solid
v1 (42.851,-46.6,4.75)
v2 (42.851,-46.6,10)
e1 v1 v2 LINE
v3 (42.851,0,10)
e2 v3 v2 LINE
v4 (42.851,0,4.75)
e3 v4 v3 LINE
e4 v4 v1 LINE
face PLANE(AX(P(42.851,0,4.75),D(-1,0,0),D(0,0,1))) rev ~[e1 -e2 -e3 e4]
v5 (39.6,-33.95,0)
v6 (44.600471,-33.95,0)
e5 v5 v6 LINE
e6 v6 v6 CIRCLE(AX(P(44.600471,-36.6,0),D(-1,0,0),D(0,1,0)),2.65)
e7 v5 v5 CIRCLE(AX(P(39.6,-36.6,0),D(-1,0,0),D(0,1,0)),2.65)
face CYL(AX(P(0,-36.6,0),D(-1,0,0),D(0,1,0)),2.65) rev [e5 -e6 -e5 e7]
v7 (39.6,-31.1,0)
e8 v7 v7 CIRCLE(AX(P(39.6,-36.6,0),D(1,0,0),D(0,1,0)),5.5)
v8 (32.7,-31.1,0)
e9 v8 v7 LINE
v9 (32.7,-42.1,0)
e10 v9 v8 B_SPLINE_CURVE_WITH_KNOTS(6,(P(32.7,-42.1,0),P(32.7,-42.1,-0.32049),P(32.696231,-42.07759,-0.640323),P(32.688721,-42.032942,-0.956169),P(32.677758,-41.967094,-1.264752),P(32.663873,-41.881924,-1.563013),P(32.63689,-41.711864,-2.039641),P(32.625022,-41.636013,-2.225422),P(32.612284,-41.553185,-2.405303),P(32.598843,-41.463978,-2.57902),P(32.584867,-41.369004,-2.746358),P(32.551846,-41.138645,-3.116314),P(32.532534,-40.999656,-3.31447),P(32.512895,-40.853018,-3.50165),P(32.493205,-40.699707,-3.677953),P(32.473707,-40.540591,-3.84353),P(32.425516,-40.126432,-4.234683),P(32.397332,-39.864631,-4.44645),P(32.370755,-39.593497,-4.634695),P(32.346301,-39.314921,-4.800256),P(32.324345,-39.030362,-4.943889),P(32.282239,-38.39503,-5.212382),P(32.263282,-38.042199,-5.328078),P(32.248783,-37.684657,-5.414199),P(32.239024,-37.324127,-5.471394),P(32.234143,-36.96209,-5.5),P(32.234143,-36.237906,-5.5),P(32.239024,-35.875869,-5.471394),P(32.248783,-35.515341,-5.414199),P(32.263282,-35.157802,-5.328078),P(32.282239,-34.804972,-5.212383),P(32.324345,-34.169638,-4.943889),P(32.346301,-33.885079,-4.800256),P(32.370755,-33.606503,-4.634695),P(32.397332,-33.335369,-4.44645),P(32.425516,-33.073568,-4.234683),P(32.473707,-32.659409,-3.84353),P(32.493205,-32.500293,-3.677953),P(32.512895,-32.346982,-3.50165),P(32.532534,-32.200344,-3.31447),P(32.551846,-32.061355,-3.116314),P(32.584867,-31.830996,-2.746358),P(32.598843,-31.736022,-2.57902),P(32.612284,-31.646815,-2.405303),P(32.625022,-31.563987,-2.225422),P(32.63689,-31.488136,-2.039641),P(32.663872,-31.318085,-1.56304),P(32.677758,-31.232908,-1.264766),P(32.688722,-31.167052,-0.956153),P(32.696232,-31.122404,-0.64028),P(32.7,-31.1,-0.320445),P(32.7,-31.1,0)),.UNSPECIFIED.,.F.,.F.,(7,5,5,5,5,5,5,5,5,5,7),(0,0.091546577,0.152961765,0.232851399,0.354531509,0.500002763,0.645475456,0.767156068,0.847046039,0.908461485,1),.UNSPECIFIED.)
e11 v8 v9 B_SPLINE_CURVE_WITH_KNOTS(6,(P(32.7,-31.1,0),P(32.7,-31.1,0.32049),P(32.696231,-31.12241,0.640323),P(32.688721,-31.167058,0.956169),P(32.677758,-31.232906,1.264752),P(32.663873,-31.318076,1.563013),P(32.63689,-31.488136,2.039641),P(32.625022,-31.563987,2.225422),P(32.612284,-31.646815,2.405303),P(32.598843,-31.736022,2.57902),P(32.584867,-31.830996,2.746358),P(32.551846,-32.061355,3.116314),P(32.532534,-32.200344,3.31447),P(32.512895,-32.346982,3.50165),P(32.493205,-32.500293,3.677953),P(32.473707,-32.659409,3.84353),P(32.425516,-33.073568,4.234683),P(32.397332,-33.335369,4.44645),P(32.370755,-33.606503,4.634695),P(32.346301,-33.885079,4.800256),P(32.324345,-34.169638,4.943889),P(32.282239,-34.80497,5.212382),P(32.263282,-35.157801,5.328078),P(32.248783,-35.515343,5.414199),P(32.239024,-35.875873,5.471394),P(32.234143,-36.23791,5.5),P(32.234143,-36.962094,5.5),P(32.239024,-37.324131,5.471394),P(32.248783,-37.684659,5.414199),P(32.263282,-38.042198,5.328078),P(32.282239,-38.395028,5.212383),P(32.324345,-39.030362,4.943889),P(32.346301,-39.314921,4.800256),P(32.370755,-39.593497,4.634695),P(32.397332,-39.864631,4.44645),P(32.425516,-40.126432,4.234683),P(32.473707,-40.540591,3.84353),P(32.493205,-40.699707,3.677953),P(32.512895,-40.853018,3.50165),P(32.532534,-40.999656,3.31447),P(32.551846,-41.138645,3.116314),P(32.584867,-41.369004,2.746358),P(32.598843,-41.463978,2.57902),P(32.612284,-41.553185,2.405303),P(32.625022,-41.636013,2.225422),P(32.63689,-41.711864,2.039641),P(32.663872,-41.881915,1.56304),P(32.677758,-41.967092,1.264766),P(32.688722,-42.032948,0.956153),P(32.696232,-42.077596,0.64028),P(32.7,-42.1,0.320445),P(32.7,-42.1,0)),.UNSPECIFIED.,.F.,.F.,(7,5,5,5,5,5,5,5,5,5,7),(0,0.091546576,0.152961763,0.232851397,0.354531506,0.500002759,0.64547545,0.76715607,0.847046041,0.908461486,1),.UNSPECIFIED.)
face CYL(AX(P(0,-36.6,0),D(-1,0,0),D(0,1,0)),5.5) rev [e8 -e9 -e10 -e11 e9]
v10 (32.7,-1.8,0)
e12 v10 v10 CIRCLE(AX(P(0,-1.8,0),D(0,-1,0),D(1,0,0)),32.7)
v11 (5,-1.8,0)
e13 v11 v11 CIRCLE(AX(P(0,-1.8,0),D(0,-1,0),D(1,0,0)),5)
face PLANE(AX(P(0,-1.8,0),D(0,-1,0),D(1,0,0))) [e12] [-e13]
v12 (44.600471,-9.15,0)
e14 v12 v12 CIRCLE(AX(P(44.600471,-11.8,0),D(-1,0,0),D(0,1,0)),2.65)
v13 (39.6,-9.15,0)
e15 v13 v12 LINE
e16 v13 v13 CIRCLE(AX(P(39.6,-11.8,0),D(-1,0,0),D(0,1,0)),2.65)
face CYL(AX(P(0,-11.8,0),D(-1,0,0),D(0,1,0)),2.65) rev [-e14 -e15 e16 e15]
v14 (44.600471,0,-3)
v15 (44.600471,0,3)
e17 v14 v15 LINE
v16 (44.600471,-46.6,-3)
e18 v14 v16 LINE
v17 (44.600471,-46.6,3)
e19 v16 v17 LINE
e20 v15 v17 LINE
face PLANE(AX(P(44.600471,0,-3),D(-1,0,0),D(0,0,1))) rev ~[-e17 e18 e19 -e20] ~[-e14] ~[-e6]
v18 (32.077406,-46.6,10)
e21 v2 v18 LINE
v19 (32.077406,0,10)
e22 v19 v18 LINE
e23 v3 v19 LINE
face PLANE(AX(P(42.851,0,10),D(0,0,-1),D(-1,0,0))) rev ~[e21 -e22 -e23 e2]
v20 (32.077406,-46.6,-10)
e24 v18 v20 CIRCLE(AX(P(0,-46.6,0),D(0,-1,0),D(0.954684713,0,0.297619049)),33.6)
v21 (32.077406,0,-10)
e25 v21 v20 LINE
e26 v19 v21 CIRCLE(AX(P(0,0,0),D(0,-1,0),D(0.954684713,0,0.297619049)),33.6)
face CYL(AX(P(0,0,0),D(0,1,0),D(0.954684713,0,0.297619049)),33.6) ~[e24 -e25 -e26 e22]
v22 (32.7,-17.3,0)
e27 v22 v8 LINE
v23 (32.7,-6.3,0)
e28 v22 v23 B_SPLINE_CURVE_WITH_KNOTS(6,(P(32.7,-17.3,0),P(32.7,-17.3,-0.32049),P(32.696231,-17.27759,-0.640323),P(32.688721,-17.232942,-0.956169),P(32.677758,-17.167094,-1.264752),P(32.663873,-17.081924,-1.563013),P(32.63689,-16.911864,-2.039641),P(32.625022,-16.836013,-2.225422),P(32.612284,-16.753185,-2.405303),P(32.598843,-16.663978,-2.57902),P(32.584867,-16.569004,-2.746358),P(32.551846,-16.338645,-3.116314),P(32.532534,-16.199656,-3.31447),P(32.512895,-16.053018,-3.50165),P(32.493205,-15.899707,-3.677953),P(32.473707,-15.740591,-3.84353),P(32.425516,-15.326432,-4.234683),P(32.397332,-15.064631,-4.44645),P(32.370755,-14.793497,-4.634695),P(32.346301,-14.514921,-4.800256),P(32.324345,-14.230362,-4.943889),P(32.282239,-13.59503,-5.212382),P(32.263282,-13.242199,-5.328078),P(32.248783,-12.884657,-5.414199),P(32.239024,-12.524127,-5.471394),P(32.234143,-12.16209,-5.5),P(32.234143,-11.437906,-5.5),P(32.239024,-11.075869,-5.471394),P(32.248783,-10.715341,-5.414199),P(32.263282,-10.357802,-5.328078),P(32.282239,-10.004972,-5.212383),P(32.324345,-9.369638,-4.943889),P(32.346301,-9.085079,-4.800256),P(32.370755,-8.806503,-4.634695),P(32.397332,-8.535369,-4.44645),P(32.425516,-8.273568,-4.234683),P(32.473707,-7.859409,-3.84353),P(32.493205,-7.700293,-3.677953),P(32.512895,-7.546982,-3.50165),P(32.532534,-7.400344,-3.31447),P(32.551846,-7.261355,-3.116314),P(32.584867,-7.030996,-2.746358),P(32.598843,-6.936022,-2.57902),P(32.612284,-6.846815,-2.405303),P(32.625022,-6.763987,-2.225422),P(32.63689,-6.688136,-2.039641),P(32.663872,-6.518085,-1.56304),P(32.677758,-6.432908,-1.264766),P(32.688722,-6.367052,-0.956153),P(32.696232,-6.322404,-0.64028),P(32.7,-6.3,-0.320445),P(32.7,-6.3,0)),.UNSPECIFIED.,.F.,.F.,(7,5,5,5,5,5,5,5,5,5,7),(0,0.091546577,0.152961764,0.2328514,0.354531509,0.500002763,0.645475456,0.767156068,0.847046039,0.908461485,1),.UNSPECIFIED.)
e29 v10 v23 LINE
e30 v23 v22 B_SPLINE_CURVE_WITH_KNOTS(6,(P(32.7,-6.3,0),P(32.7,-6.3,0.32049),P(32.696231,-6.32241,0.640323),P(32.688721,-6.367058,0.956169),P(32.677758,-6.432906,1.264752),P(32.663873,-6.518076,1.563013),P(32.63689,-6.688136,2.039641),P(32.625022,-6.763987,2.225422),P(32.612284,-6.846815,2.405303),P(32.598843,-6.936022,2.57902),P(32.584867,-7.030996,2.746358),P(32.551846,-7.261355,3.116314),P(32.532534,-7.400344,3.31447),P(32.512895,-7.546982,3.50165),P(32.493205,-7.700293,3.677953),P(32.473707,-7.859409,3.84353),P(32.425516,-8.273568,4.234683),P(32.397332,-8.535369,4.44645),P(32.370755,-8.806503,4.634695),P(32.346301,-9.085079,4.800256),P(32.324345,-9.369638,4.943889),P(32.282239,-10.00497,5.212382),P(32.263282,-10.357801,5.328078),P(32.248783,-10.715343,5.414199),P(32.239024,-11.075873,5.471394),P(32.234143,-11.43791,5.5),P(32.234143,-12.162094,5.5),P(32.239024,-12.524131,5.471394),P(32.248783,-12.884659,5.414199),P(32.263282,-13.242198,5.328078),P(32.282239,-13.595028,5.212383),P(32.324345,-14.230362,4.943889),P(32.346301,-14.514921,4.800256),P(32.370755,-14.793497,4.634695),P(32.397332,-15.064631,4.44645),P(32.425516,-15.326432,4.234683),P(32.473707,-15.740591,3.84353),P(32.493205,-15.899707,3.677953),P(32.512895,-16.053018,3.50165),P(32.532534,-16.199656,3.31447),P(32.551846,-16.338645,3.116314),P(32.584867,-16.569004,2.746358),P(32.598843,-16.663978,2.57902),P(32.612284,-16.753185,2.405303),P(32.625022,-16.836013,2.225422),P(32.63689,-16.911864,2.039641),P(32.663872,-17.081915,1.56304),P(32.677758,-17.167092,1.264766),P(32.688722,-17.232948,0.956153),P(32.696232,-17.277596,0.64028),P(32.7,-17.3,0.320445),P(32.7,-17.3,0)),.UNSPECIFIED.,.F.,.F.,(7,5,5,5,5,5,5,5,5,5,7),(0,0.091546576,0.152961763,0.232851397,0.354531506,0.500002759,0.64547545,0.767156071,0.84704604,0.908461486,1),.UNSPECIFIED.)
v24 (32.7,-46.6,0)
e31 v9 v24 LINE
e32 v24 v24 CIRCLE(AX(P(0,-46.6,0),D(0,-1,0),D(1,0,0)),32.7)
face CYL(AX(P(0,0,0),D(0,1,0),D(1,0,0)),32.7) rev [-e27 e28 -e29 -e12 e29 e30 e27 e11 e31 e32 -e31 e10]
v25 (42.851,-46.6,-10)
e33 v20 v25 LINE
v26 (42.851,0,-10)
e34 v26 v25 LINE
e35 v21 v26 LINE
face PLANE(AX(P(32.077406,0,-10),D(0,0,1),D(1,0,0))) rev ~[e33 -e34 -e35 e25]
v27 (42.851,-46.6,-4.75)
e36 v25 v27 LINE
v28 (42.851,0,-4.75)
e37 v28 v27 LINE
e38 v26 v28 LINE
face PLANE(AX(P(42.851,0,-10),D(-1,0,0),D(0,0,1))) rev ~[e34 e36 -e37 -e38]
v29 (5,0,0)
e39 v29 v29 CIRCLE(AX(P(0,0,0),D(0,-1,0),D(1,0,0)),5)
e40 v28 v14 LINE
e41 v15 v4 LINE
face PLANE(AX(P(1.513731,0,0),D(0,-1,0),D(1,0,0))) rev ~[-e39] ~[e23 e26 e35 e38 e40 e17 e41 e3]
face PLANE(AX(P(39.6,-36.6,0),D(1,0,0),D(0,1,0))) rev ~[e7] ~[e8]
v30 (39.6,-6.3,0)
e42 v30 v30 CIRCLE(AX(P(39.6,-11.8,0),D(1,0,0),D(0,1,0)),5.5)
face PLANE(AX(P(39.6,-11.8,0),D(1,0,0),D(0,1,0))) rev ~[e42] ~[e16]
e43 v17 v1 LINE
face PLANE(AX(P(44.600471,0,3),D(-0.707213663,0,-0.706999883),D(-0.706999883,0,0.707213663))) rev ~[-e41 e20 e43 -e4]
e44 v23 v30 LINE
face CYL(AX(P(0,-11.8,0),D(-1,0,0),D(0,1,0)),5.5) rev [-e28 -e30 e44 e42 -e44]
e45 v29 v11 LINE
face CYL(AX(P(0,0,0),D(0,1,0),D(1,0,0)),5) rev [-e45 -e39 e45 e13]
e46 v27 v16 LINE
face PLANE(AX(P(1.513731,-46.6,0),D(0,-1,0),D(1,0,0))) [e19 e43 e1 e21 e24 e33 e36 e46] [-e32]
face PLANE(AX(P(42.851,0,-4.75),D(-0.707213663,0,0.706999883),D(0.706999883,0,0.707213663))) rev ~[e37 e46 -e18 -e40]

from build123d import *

# Parameters (mm, degrees)
F1_R     = 32.7
F1_R_2   = 5
F2_DEPTH = 1.8
F0_R     = 32.7
F3_DEPTH = 46.6
F4_R     = 2.65
F5_DEPTH = 44.601471
F6_R     = 5.5
F7_DEPTH = 39.6


with BuildPart() as f2:
    # F1 (on Front) → F2 (new body)
    with BuildSketch(Plane.XZ):
        Circle(F1_R)
        Circle(F1_R_2, mode=Mode.SUBTRACT)
    extrude(amount=F2_DEPTH)

    # F0 (on Front) → F3 (join)
    with BuildSketch(Plane.XZ):
        with BuildLine():
            ThreePointArc((32.077406, -10), (33.217171, -5.057625), (33.6, 0))
            ThreePointArc((33.6, 0), (33.217171, 5.057625), (32.077406, 10))
            ThreePointArc((32.077406, 10), (-33.6, 0), (32.077406, -10))
        make_face()
        Circle(F0_R, mode=Mode.SUBTRACT)
        with BuildLine():
            Line((42.851, 0), (33.6, 0))
            ThreePointArc((33.6, 0), (33.217171, -5.057625), (32.077406, -10))
            Line((32.077406, -10), (42.851, -10))
            Line((42.851, -10), (42.851, -4.75))
            Line((42.851, -4.75), (42.851, 0))
        make_face()
        with BuildLine():
            ThreePointArc((32.077406, 10), (33.217171, 5.057625), (33.6, 0))
            Line((33.6, 0), (42.851, 0))
            Line((42.851, 0), (42.851, 4.75))
            Line((42.851, 4.75), (42.851, 10))
            Line((42.851, 10), (32.077406, 10))
        make_face()
        Polygon((42.851, 4.75), (42.851, 0), (42.851, -4.75), (44.600471, -3), (44.600471, 3), align=None)
    extrude(amount=F3_DEPTH)

    # F4 (on Right) → F5 (cut, through all)
    with BuildSketch(Plane.YZ):
        with Locations((-11.8, 0)):
            Circle(F4_R)
        with Locations((-36.6, 0)):
            Circle(F4_R)
    extrude(amount=F5_DEPTH, mode=Mode.SUBTRACT)

    # F6 (on Right) → F7 (cut)
    with BuildSketch(Plane.YZ):
        with Locations((-11.8, 0)):
            Circle(F6_R)
        with Locations((-36.6, 0)):
            Circle(F6_R)
    extrude(amount=F7_DEPTH, mode=Mode.SUBTRACT)


solid = f2.part
